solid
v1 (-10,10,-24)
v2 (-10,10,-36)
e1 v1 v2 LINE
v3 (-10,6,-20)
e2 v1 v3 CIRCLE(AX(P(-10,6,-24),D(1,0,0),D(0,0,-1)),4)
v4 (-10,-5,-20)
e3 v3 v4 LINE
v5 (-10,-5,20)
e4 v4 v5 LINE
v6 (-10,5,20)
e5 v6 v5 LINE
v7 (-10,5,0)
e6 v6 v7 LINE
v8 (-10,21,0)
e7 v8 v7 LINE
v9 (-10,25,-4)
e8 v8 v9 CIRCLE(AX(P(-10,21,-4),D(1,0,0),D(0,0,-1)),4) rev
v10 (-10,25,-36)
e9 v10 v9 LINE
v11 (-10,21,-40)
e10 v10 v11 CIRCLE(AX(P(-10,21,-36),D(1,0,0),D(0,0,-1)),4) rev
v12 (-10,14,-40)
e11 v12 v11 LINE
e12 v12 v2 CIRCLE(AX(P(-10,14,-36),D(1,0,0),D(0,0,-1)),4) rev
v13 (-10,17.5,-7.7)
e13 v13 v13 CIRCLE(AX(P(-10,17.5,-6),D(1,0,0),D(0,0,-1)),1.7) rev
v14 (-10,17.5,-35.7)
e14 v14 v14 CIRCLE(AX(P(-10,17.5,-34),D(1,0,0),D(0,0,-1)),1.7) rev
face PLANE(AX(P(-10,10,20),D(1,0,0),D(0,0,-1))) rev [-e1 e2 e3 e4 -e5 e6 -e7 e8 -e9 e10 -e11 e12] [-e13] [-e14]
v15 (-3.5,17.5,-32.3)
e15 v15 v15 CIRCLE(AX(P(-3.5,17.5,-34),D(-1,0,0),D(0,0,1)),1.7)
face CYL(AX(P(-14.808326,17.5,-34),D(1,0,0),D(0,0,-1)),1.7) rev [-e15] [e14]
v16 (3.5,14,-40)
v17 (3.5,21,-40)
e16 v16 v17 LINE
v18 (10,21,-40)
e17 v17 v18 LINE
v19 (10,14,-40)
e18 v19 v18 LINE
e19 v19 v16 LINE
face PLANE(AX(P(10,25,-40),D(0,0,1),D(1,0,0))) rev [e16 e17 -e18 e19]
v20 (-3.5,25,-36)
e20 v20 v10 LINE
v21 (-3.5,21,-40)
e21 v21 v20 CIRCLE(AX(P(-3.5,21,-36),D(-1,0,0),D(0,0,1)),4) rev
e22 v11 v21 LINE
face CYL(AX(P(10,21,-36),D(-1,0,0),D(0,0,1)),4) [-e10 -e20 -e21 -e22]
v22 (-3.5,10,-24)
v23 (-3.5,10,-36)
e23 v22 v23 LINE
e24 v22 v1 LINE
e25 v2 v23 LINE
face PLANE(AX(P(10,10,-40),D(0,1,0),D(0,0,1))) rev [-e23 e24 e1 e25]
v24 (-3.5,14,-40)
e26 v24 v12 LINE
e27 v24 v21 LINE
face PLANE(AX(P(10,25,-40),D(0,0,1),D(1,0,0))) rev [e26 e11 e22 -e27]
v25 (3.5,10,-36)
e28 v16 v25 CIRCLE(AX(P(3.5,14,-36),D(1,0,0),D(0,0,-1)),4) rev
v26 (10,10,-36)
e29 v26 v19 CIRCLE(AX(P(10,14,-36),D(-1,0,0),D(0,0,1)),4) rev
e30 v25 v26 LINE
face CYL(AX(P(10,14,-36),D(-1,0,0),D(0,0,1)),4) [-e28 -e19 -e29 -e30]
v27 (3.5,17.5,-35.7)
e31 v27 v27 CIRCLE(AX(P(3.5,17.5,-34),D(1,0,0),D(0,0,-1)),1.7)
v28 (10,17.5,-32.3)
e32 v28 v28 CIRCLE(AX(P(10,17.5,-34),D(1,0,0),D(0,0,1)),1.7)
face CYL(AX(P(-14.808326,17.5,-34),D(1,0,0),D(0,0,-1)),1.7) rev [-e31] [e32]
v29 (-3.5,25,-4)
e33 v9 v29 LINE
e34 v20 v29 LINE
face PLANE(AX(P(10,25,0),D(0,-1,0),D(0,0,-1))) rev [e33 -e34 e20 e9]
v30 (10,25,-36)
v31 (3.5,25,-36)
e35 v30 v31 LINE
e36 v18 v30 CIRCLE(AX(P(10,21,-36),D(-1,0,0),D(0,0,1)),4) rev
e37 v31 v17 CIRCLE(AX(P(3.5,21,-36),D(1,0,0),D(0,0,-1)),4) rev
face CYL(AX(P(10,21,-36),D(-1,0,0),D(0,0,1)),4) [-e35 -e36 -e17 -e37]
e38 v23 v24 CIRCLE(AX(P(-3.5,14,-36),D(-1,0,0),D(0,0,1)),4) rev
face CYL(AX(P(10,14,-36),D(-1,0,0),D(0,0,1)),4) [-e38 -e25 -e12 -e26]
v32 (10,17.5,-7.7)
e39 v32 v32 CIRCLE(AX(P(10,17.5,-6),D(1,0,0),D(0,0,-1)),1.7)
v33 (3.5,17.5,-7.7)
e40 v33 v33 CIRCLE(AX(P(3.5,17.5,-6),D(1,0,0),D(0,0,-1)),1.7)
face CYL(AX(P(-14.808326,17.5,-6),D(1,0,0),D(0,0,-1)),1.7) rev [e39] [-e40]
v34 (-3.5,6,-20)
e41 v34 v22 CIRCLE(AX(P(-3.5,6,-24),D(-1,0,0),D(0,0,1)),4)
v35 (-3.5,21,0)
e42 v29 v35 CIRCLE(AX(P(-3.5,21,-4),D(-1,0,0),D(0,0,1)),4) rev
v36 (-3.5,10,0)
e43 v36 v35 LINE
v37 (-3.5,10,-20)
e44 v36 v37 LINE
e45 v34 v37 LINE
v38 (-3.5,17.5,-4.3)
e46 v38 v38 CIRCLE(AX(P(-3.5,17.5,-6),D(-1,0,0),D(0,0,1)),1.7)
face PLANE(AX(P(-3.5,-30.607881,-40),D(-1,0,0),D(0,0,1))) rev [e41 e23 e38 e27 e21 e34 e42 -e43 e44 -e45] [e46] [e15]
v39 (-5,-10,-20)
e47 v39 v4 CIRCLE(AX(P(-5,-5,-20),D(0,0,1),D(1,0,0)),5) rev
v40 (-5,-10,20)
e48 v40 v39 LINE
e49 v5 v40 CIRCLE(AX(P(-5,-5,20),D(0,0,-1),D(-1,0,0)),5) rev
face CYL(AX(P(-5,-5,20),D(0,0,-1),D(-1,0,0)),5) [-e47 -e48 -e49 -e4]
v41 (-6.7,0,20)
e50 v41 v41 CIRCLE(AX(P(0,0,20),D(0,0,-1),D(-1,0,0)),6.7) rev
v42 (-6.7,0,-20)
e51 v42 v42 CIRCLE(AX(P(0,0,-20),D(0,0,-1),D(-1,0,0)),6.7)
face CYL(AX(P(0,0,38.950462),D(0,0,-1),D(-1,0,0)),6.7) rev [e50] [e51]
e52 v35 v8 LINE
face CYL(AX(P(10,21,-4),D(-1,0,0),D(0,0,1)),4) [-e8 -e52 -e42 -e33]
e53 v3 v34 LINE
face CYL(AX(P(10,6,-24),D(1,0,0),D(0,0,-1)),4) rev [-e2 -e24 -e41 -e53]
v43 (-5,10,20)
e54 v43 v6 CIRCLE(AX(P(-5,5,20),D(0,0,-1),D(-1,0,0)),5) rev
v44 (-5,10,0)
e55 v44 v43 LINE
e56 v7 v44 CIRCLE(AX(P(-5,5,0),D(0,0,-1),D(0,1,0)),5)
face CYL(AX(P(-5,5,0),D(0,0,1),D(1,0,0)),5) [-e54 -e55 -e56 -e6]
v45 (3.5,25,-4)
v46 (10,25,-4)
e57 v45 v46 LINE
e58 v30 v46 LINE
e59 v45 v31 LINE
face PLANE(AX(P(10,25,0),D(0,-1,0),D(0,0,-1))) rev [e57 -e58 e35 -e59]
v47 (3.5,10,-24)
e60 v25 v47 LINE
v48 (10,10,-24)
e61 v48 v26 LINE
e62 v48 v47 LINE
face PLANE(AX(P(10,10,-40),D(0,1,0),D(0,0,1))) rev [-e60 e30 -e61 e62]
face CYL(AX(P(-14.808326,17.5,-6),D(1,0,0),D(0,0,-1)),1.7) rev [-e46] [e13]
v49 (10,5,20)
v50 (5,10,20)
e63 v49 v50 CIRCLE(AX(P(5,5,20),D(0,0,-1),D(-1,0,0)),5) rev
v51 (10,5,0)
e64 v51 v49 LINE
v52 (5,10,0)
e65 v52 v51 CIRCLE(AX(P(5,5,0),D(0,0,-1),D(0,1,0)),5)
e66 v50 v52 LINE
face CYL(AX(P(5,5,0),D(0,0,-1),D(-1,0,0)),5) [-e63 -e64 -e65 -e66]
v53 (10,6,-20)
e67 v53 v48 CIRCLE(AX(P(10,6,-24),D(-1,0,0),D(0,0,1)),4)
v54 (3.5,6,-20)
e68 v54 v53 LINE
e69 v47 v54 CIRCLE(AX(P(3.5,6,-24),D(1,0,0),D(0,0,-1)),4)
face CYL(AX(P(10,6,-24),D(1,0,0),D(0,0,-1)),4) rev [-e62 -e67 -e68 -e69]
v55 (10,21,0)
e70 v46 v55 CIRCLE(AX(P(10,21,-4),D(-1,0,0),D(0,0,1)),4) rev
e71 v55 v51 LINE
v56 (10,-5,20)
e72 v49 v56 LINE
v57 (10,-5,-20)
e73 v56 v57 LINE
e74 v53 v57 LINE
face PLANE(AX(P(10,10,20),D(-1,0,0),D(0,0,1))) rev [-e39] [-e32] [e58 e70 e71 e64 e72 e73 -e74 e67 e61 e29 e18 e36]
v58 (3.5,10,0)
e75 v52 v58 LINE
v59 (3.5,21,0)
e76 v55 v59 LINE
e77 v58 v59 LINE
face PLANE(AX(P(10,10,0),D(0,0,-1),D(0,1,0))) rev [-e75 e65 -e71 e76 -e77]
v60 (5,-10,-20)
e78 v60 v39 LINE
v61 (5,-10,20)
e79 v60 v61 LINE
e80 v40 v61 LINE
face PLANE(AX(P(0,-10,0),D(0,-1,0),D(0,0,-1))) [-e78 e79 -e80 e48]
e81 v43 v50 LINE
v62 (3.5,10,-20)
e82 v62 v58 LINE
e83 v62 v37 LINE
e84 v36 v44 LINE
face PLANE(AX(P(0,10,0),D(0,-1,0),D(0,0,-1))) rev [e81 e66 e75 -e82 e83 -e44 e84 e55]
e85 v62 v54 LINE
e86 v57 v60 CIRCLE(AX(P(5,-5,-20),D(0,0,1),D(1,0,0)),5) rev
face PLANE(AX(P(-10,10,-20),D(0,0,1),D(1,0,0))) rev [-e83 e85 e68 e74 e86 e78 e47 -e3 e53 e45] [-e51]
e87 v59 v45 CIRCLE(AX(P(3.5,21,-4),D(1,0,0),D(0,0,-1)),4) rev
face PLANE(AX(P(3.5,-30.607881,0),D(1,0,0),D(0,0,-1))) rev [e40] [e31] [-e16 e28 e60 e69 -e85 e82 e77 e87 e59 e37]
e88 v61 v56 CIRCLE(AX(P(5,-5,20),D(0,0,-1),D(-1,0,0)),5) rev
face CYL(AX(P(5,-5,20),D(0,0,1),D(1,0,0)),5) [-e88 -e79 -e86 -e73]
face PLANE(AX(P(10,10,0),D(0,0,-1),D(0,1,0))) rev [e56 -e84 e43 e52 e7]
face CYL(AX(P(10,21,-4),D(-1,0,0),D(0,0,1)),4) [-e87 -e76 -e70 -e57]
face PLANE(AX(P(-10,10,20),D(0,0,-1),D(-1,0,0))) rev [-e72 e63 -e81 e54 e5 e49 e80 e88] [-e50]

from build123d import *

# Parameters (mm, degrees)
CROQUIS1_W              = 20
CROQUIS1_H              = 40
SALIENTE_EXTRUIR1_DEPTH = 10
CROQUIS5_R              = 6.7
CORTAR_EXTRUIR1_DEPTH   = 40
CROQUIS6_W              = 40
CROQUIS6_H              = 15
SALIENTE_EXTRUIR2_DEPTH = 10
CROQUIS7_W              = 7
CROQUIS7_H              = 40
CORTAR_EXTRUIR2_DEPTH   = 15
CROQUIS8_R              = 1.7
CORTAR_EXTRUIR3_DEPTH   = 20
REDONDEO1_R             = 4
REDONDEO2_R             = 5


with BuildPart() as part:
    # Croquis1 → Saliente-Extruir1 (new body, symmetric)
    with BuildSketch(Plane(origin=(0, 0, 0), x_dir=(1, 0, 0), z_dir=(0, 1, 0))):
        Rectangle(CROQUIS1_W, CROQUIS1_H)
    extrude(amount=SALIENTE_EXTRUIR1_DEPTH, both=True)

    # Croquis5 → Cortar-Extruir1 (cut)
    with BuildSketch(Plane(origin=(0, 0, -20), x_dir=(-1, 0, 0), z_dir=(0, 0, -1))):
        Circle(CROQUIS5_R)
    extrude(amount=-CORTAR_EXTRUIR1_DEPTH, mode=Mode.SUBTRACT)

    # Croquis6 → Saliente-Extruir2 (add, symmetric)
    with BuildSketch(Plane(origin=(0, 0, 0), x_dir=(0, 0, -1), z_dir=(1, 0, 0))):
        with Locations((20, 17.5)):
            Rectangle(CROQUIS6_W, CROQUIS6_H)
    extrude(amount=SALIENTE_EXTRUIR2_DEPTH, both=True)

    # Croquis7 → Cortar-Extruir2 (cut)
    with BuildSketch(Plane(origin=(0, 25, 0), x_dir=(1, 0, 0), z_dir=(0, 1, 0))):
        with Locations((0, 20)):
            Rectangle(CROQUIS7_W, CROQUIS7_H)
    extrude(amount=-CORTAR_EXTRUIR2_DEPTH, mode=Mode.SUBTRACT)

    # Croquis8 → Cortar-Extruir3 (cut)
    with BuildSketch(Plane(origin=(10, 0, 0), x_dir=(0, 0, -1), z_dir=(1, 0, 0))):
        with Locations((6, 17.5)):
            Circle(CROQUIS8_R)
        with Locations((34, 17.5)):
            Circle(CROQUIS8_R)
    extrude(amount=-CORTAR_EXTRUIR3_DEPTH, mode=Mode.SUBTRACT)

    # Redondeo1
    redondeo1_edges = [part.edges().sort_by_distance(p)[0] for p in [
        (6.75, 10, -40),
        (6.75, 25, -40),
        (6.75, 25, 0),
        (-6.75, 25, 0),
        (-6.75, 25, -40),
        (-6.75, 10, -40),
        (-6.75, 10, -20),
        (6.75, 10, -20),
    ]]
    fillet(redondeo1_edges, radius=REDONDEO1_R)

    # Redondeo2
    redondeo2_edges = [part.edges().sort_by_distance(p)[0] for p in [
        (-10, 10, 10),
        (10, 10, 10),
        (-10, -10, 0),
        (10, -10, 0),
    ]]
    fillet(redondeo2_edges, radius=REDONDEO2_R)


solid = part.part
